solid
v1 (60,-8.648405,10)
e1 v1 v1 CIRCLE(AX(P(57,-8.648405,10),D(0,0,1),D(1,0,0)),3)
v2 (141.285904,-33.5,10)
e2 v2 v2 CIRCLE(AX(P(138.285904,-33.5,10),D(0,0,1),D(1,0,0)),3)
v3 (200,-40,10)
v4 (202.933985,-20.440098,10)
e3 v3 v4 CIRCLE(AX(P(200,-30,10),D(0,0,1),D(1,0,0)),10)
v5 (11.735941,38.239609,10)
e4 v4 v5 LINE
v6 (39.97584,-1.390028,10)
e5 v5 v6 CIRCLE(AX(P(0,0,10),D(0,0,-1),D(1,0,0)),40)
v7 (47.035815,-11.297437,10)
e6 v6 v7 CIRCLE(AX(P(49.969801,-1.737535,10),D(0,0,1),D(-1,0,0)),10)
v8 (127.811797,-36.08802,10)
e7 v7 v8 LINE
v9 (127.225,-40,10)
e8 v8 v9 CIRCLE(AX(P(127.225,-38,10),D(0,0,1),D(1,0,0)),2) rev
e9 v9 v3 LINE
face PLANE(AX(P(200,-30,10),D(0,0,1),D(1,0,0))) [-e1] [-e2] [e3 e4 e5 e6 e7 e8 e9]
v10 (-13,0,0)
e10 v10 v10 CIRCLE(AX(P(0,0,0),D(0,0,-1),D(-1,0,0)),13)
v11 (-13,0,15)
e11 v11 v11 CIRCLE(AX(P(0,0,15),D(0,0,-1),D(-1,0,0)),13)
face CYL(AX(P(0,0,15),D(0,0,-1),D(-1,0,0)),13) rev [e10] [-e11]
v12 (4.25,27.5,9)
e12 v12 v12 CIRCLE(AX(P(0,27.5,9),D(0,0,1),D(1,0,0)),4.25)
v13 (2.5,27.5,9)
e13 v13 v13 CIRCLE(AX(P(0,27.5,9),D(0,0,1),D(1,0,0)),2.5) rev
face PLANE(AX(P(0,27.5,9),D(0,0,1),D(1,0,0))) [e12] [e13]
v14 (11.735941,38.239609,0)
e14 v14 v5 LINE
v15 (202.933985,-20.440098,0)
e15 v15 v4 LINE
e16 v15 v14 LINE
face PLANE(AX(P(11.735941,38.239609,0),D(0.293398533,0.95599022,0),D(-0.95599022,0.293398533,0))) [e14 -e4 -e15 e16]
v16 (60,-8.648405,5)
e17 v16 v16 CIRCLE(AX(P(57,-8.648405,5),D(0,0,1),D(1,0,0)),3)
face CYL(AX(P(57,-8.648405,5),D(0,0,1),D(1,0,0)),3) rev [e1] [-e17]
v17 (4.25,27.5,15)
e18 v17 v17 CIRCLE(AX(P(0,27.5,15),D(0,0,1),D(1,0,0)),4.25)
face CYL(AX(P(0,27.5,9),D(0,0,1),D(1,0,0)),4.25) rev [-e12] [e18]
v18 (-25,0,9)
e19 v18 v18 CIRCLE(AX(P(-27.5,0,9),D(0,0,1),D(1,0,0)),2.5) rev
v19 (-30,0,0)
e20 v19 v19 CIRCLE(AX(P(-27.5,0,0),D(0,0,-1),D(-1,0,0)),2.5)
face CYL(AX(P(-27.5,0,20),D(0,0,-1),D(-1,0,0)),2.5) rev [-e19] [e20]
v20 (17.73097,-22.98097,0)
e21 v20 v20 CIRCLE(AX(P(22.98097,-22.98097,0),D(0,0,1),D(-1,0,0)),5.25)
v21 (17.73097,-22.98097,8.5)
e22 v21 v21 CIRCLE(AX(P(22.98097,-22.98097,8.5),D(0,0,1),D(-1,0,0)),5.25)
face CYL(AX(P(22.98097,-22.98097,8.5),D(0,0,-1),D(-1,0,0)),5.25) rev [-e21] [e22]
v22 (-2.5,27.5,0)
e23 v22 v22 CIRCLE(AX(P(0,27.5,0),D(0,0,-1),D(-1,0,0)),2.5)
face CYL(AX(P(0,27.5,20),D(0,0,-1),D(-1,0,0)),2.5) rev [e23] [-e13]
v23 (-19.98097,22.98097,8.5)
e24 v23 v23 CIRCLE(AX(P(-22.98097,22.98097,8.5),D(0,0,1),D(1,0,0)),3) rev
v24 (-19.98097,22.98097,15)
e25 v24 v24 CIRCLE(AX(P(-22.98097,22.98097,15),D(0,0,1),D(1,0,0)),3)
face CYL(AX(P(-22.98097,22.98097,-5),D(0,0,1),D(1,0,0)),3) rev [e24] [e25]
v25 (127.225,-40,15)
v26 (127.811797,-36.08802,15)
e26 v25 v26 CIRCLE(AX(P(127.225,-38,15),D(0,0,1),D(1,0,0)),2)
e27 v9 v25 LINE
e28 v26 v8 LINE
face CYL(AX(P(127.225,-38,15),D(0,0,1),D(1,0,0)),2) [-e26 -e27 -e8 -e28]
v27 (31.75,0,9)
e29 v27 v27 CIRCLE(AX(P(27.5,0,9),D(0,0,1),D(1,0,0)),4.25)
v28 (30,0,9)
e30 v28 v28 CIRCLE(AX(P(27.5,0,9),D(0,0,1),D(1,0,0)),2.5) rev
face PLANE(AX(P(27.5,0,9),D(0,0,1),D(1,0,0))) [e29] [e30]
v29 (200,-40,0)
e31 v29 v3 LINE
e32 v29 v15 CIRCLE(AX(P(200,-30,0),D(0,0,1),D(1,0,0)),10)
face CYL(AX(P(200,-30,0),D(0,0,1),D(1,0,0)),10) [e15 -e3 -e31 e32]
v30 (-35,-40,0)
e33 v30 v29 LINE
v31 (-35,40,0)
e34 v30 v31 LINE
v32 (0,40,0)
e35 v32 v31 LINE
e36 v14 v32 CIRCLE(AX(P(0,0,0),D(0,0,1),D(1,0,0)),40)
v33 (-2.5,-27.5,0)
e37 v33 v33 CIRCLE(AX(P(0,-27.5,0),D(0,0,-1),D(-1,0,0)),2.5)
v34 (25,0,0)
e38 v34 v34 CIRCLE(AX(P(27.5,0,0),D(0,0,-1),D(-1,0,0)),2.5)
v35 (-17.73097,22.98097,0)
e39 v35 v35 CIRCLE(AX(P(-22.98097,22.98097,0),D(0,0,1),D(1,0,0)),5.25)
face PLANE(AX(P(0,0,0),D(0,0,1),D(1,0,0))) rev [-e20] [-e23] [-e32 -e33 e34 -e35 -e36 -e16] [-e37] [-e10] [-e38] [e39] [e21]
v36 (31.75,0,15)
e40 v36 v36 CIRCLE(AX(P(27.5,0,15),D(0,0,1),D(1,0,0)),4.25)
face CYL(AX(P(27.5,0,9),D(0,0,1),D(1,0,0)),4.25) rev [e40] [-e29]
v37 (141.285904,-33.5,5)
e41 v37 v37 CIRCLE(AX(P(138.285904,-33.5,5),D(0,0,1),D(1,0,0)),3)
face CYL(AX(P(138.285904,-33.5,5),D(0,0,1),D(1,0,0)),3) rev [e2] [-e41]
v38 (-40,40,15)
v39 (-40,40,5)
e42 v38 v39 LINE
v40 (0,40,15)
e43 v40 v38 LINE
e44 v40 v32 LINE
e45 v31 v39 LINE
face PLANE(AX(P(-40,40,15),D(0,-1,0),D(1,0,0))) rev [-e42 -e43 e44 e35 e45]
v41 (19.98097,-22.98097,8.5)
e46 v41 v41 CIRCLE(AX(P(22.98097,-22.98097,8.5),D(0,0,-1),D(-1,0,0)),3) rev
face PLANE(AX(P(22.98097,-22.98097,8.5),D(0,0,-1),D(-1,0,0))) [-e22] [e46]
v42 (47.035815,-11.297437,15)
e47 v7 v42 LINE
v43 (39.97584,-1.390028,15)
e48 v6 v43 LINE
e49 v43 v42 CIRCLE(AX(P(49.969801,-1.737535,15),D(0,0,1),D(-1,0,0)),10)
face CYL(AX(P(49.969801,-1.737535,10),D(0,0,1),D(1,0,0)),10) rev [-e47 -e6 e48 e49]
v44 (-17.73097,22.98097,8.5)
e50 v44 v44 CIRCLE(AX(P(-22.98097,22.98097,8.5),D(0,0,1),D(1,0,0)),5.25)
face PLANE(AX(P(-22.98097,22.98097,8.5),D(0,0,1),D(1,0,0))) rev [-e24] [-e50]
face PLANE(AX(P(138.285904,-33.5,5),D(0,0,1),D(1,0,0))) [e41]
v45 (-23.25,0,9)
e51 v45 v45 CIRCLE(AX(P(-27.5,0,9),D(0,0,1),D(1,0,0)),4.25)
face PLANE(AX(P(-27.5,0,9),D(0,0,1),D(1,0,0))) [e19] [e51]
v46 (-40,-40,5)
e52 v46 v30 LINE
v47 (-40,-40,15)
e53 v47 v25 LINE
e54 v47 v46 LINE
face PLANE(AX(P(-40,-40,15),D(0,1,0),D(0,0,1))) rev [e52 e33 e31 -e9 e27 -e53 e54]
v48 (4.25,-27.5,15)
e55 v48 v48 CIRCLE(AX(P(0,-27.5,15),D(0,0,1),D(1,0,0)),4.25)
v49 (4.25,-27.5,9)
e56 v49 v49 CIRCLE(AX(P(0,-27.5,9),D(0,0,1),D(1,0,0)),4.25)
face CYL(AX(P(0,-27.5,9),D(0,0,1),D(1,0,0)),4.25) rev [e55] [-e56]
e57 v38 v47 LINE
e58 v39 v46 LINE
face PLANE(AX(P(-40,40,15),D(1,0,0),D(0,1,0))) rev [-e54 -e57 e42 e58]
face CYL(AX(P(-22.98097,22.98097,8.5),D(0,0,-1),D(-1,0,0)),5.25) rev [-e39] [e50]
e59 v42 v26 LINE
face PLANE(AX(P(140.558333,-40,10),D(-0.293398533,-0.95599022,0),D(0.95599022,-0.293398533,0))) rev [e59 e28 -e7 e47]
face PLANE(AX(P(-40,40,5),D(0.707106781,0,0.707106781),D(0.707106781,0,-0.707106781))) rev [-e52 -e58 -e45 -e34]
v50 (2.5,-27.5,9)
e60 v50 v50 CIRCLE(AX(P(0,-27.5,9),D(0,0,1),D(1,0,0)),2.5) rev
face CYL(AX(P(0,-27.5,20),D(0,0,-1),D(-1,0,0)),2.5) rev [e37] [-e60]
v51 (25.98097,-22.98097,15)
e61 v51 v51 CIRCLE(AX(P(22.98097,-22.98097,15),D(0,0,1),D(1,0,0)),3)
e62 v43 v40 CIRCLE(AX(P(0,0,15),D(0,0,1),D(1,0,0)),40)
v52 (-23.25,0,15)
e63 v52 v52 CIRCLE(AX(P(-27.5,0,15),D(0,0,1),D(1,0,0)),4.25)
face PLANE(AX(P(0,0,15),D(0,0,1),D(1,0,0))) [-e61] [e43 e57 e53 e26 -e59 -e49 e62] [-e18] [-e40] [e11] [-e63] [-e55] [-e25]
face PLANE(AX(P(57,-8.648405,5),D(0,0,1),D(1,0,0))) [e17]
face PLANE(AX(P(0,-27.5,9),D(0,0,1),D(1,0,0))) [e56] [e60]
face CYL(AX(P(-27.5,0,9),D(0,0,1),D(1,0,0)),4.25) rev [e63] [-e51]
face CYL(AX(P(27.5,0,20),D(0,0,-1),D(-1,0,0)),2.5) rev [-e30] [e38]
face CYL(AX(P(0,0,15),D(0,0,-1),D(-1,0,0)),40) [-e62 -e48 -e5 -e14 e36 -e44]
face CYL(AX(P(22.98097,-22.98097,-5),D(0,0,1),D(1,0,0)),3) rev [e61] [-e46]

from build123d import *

# Parameters (mm, degrees)
ESTRUSIONE1_DEPTH        = 15
SMUSSO1_SIZE             = 5
SCHIZZO2_R               = 13
TAGLIO_ESTRUSIONE1_DEPTH = 59.523499554
SCHIZZO4_R               = 3
TAGLIO_ESTRUSIONE3_DEPTH = 20
SCHIZZO5_R               = 5.25
TAGLIO_ESTRUSIONE4_DEPTH = 8.5
SCHIZZO6_R               = 2.5
TAGLIO_ESTRUSIONE5_DEPTH = 20
SCHIZZO7_R               = 4.25
TAGLIO_ESTRUSIONE6_DEPTH = 6
ESTRUSIONE2_START        = -15
ESTRUSIONE2_DEPTH        = 15
TAGLIO_ESTRUSIONE7_START = -5
TAGLIO_ESTRUSIONE7_DEPTH = 5
SCHIZZO10_R              = 3
TAGLIO_ESTRUSIONE8_DEPTH = 10
RACCORDO1_R              = 2


with BuildPart() as part:
    # Schizzo1 → Estrusione1 (new body)
    with BuildSketch(Plane.XY):
        with BuildLine():
            Line((-40, 40), (0, 40))
            ThreePointArc((0, 40), (40, 0), (0, -40))
            Line((0, -40), (-40, -40))
            Line((-40, -40), (-40, 40))
        make_face()
    extrude(amount=ESTRUSIONE1_DEPTH)

    # Smusso1
    smusso1_edges = [part.edges().sort_by_distance(p)[0] for p in [
        (-40, 0, 0),
    ]]
    chamfer(smusso1_edges, length=SMUSSO1_SIZE)

    # Schizzo2 → Taglio-Estrusione1 (cut, through all)
    with BuildSketch(Plane(origin=(0, 0, 0), x_dir=(-1, 0, 0), z_dir=(0, 0, -1))):
        Circle(SCHIZZO2_R)
    extrude(amount=-TAGLIO_ESTRUSIONE1_DEPTH, mode=Mode.SUBTRACT)

    # Schizzo4 → Taglio-Estrusione3 (cut)
    with BuildSketch(Plane.XY.offset(15)):
        with Locations((-22.980970389, 22.980970389)):
            Circle(SCHIZZO4_R)
        with Locations((22.980970389, -22.980970389)):
            Circle(SCHIZZO4_R)
    extrude(amount=-TAGLIO_ESTRUSIONE3_DEPTH, mode=Mode.SUBTRACT)

    # Schizzo5 → Taglio-Estrusione4 (cut)
    with BuildSketch(Plane.XY):
        with Locations((-22.980970389, 22.980970389)):
            Circle(SCHIZZO5_R)
        with Locations(Location((22.980970389, -22.980970389, 0), (0, 0, 180))):
            Circle(SCHIZZO5_R)
    extrude(amount=TAGLIO_ESTRUSIONE4_DEPTH, mode=Mode.SUBTRACT)

    # Schizzo6 → Taglio-Estrusione5 (cut)
    with BuildSketch(Plane(origin=(0, 0, 0), x_dir=(-1, 0, 0), z_dir=(0, 0, -1))):
        with Locations((27.5, 0)):
            Circle(SCHIZZO6_R)
        with Locations((0, -27.5)):
            Circle(SCHIZZO6_R)
        with Locations((-27.5, 0)):
            Circle(SCHIZZO6_R)
        with Locations((0, 27.5)):
            Circle(SCHIZZO6_R)
    extrude(amount=-TAGLIO_ESTRUSIONE5_DEPTH, mode=Mode.SUBTRACT)

    # Schizzo7 → Taglio-Estrusione6 (cut)
    with BuildSketch(Plane.XY.offset(15)):
        with Locations((0, 27.5)):
            Circle(SCHIZZO7_R)
        with Locations((-27.5, 0)):
            Circle(SCHIZZO7_R)
        with Locations((27.5, 0)):
            Circle(SCHIZZO7_R)
        with Locations((0, -27.5)):
            Circle(SCHIZZO7_R)
    extrude(amount=-TAGLIO_ESTRUSIONE6_DEPTH, mode=Mode.SUBTRACT)

    # Schizzo8 → Estrusione2 (add)
    with BuildSketch(Plane.XY.offset(15).offset(ESTRUSIONE2_START)):
        with BuildLine():
            Line((11.73594132, 38.239608802), (202.93398533, -20.4400978))
            ThreePointArc((202.93398533, -20.4400978), (209.889363529, -31.483404529), (200, -40))
            Line((200, -40), (0, -40))
            ThreePointArc((0, -40), (39.557454115, -5.933618117), (11.73594132, 38.239608802))
        make_face()
    extrude(amount=ESTRUSIONE2_DEPTH)

    # Schizzo9 → Taglio-Estrusione7 (cut)
    with BuildSketch(Plane.XY.offset(15).offset(TAGLIO_ESTRUSIONE7_START)):
        with BuildLine():
            Line((140.558333333, -40), (200, -40))
            ThreePointArc((200, -40), (209.889363529, -31.483404529), (202.93398533, -20.4400978))
            Line((202.93398533, -20.4400978), (11.73594132, 38.239608802))
            ThreePointArc((11.73594132, 38.239608802), (32.5753606, 23.213054125), (39.975840489, -1.390027772))
            ThreePointArc((39.975840489, -1.390027772), (41.825960461, -7.540798246), (47.035815281, -11.297436915))
            Line((47.035815281, -11.297436915), (140.558333333, -40))
        make_face()
    extrude(amount=TAGLIO_ESTRUSIONE7_DEPTH, mode=Mode.SUBTRACT)

    # Schizzo10 → Taglio-Estrusione8 (cut)
    with BuildSketch(Plane.XY.offset(15)):
        with Locations((57, -8.648405099)):
            Circle(SCHIZZO10_R)
        with Locations((138.285904257, -33.5)):
            Circle(SCHIZZO10_R)
    extrude(amount=-TAGLIO_ESTRUSIONE8_DEPTH, mode=Mode.SUBTRACT)

    # Raccordo1
    raccordo1_edges = [part.edges().sort_by_distance(p)[0] for p in [
        (140.558333333, -40, 12.5),
    ]]
    fillet(raccordo1_edges, radius=RACCORDO1_R)


solid = part.part
